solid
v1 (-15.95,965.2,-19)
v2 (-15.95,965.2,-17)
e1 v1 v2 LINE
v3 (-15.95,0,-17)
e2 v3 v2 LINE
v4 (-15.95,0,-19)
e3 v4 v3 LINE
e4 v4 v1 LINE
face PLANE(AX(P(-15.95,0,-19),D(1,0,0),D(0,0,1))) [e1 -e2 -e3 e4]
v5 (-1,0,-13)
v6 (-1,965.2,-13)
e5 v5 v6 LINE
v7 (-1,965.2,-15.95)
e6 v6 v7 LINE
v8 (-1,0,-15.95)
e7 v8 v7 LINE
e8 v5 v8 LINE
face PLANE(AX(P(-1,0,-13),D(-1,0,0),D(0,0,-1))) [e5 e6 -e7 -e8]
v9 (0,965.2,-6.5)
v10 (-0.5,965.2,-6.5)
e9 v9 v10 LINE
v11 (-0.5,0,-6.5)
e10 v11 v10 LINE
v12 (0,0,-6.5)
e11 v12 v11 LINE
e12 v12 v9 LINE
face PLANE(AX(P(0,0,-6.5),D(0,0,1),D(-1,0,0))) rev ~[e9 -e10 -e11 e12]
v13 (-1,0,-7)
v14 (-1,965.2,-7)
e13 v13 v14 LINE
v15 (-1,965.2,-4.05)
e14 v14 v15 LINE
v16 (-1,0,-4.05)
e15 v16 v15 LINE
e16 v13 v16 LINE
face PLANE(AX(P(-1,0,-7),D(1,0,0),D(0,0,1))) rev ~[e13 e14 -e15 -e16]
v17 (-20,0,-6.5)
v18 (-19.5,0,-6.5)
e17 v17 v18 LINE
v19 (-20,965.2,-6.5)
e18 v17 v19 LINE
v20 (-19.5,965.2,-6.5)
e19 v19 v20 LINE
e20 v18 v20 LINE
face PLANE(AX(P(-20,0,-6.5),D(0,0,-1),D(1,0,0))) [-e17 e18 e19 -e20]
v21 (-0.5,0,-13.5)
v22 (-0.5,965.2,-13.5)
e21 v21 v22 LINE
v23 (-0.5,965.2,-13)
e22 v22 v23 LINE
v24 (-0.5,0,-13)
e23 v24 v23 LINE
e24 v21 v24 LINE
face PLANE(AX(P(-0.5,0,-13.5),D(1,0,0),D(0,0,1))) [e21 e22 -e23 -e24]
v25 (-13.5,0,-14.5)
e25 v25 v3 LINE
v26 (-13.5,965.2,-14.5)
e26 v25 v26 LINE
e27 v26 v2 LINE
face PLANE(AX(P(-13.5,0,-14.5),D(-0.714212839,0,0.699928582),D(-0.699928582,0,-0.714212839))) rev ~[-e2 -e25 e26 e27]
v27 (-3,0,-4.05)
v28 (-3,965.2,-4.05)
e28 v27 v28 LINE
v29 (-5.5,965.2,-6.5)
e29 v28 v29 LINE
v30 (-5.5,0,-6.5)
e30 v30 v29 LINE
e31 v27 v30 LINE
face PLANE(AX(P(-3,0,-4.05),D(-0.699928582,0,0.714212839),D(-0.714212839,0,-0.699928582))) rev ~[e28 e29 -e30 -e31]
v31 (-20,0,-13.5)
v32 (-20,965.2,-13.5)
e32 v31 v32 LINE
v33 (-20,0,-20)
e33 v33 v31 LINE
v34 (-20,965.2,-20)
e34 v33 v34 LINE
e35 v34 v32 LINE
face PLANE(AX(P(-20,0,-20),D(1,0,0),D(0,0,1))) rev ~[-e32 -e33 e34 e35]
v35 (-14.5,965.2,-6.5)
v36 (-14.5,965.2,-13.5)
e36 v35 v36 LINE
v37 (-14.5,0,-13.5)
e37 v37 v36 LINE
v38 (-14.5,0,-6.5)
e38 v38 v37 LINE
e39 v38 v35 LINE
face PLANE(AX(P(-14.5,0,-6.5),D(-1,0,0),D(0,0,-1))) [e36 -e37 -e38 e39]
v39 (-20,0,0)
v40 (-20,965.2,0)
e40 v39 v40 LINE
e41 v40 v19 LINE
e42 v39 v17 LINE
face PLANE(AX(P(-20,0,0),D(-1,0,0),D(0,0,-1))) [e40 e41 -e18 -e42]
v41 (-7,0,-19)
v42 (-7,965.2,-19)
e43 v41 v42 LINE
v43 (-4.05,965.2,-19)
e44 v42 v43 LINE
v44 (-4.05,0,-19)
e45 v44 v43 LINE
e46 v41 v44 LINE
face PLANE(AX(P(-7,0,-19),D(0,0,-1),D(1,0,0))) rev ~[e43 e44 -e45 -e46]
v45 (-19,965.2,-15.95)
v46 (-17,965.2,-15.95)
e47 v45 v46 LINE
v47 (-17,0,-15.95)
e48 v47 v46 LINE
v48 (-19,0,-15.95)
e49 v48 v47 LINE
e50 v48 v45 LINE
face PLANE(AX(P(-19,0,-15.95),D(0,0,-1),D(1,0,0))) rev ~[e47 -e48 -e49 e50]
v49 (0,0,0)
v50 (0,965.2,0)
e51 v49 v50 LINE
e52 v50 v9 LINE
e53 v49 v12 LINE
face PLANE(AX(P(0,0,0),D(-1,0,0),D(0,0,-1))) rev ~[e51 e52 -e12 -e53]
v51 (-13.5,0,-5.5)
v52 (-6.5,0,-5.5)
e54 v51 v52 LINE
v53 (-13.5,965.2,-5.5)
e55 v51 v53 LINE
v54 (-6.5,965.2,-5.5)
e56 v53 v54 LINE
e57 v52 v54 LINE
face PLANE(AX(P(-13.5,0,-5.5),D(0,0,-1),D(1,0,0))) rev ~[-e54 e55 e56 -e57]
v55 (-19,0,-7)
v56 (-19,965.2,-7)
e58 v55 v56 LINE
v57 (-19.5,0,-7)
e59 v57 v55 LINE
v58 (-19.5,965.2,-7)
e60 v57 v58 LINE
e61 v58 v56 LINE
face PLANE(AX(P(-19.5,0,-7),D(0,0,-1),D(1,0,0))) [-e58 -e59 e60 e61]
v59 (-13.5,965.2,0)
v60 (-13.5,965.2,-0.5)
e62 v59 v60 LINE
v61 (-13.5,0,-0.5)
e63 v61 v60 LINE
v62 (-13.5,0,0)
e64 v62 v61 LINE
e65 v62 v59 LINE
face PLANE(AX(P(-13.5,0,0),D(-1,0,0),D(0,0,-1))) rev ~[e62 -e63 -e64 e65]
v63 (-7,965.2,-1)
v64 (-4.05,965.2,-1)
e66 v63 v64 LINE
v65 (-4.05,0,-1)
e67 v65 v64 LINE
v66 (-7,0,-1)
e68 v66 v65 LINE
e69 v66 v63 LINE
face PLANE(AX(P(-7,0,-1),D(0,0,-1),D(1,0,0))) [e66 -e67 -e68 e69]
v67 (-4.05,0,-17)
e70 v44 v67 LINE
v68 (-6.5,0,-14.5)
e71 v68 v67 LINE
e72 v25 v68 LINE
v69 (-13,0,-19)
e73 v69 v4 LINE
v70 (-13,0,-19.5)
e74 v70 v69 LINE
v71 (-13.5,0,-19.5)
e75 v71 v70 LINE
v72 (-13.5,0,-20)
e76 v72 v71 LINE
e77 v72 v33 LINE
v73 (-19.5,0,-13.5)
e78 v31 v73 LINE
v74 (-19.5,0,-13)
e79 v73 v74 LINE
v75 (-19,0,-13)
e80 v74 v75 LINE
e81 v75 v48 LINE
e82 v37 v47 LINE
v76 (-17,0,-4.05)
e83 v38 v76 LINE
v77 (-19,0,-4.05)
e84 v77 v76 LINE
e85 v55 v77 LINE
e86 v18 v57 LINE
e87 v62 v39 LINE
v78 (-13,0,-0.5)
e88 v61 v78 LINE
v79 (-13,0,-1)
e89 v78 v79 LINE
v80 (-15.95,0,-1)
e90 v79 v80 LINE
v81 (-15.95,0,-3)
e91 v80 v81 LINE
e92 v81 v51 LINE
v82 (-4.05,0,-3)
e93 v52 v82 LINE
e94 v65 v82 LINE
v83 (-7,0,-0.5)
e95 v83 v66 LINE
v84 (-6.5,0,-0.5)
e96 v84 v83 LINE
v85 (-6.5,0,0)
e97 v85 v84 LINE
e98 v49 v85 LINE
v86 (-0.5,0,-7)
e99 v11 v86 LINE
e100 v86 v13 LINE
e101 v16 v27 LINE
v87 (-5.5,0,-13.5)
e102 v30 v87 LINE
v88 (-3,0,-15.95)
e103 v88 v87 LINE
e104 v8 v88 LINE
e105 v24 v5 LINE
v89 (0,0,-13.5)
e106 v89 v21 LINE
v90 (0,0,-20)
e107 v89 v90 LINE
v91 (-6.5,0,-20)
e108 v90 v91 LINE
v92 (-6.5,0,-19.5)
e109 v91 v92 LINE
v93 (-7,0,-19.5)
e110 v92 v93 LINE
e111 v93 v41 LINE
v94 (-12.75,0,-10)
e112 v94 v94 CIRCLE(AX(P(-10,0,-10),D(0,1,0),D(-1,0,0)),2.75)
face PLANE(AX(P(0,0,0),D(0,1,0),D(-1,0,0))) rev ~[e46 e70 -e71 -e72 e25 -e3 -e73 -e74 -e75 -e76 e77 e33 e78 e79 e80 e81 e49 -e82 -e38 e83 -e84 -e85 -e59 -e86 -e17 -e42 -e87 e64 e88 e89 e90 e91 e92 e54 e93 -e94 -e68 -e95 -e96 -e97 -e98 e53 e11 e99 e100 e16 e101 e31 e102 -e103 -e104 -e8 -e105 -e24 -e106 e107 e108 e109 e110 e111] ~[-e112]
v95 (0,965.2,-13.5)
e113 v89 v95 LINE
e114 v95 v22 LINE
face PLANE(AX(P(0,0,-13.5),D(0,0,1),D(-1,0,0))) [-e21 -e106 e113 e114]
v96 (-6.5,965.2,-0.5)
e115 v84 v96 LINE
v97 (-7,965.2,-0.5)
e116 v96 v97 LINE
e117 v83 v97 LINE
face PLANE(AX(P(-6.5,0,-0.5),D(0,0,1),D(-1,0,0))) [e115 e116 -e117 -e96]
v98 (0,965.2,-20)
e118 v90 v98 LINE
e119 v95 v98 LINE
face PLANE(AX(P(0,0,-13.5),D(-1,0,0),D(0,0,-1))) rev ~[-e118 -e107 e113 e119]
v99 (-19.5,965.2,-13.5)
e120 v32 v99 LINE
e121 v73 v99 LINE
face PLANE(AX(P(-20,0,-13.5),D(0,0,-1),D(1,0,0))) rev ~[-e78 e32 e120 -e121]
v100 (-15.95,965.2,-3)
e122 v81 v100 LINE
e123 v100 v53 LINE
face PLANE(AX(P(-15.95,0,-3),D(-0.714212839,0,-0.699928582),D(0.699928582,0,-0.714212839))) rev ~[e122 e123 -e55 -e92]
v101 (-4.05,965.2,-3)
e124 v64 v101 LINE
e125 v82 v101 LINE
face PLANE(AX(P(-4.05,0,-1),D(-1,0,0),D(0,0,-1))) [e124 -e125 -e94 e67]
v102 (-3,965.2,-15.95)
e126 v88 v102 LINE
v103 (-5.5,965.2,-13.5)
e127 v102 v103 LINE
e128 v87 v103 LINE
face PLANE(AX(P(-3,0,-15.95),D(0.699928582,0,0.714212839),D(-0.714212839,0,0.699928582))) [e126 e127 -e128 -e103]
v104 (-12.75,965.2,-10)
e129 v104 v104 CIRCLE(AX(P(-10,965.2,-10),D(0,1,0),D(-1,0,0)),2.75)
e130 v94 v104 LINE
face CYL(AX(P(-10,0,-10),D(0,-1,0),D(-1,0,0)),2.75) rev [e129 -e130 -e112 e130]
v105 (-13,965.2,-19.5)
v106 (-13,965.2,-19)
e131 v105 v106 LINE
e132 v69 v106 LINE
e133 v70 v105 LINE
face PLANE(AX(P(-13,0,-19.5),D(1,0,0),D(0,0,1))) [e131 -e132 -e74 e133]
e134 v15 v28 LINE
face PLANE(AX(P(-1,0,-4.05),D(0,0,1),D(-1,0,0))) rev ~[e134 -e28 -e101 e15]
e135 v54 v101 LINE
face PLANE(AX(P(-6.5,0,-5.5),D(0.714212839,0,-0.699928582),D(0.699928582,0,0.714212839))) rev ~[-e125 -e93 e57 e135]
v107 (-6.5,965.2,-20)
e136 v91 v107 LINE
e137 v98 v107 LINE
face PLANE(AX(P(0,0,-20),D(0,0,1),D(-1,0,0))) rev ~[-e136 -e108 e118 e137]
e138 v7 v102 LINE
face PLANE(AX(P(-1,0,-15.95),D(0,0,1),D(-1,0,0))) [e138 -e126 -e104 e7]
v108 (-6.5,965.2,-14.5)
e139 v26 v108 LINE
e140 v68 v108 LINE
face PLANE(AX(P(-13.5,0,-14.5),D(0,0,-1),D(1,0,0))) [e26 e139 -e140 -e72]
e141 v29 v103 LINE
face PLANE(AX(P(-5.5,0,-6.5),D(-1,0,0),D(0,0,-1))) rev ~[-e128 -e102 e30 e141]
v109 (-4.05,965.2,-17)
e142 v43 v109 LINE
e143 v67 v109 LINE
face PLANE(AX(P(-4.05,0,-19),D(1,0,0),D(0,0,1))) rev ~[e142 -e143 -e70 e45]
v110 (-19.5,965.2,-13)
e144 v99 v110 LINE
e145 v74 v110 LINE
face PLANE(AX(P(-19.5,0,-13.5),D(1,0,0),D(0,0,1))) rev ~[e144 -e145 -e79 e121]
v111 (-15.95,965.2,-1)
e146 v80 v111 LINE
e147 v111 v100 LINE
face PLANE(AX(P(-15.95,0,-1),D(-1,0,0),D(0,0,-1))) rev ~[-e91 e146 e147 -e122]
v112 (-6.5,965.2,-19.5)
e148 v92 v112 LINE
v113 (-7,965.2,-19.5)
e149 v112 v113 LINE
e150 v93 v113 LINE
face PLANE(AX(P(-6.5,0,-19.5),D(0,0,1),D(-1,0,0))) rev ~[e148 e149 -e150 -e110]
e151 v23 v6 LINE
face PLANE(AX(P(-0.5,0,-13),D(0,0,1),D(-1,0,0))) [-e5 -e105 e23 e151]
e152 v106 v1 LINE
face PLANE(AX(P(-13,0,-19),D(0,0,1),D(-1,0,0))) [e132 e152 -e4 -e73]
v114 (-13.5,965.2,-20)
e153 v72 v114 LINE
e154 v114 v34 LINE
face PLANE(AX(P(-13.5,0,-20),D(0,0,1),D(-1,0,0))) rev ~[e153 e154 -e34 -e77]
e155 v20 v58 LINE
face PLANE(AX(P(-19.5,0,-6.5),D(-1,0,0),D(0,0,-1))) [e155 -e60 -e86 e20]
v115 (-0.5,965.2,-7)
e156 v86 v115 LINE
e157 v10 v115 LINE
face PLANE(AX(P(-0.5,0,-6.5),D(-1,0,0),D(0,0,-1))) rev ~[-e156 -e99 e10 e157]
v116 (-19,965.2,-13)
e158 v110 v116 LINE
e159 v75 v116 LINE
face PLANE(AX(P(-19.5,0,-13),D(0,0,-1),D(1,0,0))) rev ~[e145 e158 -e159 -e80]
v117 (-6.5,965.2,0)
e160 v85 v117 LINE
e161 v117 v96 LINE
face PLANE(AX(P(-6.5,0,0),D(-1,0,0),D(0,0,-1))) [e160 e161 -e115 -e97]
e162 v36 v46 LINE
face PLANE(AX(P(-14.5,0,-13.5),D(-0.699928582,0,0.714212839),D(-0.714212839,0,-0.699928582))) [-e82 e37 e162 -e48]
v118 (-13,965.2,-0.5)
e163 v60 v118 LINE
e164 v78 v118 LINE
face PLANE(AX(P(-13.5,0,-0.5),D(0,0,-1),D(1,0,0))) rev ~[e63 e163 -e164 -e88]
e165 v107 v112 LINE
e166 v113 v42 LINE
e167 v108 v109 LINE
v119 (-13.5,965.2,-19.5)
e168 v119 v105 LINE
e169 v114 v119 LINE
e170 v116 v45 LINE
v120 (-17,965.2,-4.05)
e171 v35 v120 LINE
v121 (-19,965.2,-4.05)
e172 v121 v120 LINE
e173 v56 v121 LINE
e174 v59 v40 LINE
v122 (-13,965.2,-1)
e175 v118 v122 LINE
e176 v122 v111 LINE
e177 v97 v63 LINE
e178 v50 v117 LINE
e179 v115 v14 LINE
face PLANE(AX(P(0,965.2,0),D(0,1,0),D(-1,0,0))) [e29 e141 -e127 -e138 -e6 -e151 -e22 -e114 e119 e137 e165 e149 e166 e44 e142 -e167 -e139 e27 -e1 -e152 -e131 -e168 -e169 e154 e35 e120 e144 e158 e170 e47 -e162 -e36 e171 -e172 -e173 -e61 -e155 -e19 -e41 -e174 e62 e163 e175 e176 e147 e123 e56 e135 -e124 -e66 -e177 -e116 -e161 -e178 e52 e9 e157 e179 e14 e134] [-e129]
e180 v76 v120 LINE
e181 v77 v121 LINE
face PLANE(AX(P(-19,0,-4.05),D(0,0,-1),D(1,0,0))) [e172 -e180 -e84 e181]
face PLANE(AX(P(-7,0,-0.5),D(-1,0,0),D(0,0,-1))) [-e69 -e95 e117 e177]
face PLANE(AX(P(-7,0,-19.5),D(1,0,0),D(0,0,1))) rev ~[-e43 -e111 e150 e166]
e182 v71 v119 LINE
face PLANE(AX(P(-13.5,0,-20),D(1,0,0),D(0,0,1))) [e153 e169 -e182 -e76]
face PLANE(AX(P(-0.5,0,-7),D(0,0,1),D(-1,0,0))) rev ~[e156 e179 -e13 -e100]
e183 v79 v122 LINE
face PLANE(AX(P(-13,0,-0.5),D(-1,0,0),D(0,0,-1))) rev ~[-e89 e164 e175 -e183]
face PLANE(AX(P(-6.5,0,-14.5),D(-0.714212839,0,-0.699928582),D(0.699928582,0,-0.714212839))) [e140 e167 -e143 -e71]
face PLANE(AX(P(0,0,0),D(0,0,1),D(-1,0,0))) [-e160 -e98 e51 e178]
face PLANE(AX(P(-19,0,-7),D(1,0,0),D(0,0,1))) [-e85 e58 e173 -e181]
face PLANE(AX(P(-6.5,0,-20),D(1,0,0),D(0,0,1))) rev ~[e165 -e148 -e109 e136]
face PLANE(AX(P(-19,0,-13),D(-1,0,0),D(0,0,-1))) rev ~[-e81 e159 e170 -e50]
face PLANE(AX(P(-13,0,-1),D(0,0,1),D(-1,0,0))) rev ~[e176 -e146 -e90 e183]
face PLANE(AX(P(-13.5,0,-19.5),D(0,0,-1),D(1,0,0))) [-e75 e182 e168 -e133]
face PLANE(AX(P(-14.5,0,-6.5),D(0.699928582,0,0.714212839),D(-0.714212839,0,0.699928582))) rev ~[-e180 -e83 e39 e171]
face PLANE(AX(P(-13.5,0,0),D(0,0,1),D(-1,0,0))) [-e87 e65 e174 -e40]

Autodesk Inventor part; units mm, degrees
ref_plane "YZ Plane" through (0, 0, 0) normal (1, 0, 0) x (0, 1, 0)
ref_plane "XZ Plane" through (0, 0, 0) normal (0, 1, 0) x (-1, 0, 0)
ref_plane "XY Plane" through (0, 0, 0) normal (0, 0, 1) x (1, 0, 0)
sketch "Sketch1" plane through (0, 0, 0) normal (0, 1, 0) x (-1, 0, 0)
  line L0 (0, 0) -> (0, -6.5)
  line L1 (0, -6.5) -> (0.5, -6.5)
  line L2 (0.5, -6.5) -> (0.5, -7)
  line L3 (0.5, -7) -> (1, -7)
  line L4 (1, -7) -> (1, -4.05)
  line L5 (1, -4.05) -> (3, -4.05)
  line L6 (5.5, -6.5) -> (5.5, -13.5)
  line L7 (0, -13.5) -> (0.5, -13.5)
  line L8 (0.5, -13.5) -> (0.5, -13)
  line L9 (0.5, -13) -> (1, -13)
  line L10 (1, -13) -> (1, -15.95)
  line L11 (1, -15.95) -> (3, -15.95)
  line L12 (3, -15.95) -> (5.5, -13.5)
  line L13 (3, -4.05) -> (5.5, -6.5)
  line L14 (0, -13.5) -> (0, -20)
  line L15 (0, -20) -> (6.5, -20)
  line L16 (6.5, -20) -> (6.5, -19.5)
  line L17 (6.5, -19.5) -> (7, -19.5)
  line L18 (7, -19.5) -> (7, -19)
  line L19 (7, -19) -> (4.05, -19)
  line L20 (4.05, -19) -> (4.05, -17)
  line L21 (0, 0) -> (6.5, 0)
  line L22 (6.5, 0) -> (6.5, -0.5)
  line L23 (6.5, -0.5) -> (7, -0.5)
  line L24 (7, -0.5) -> (7, -1)
  line L25 (7, -1) -> (4.05, -1)
  line L26 (4.05, -1) -> (4.05, -3)
  line L27 (13.5, -20) -> (13.5, -19.5)
  line L28 (13.5, -19.5) -> (13, -19.5)
  line L29 (13, -19.5) -> (13, -19)
  line L30 (13, -19) -> (15.95, -19)
  line L31 (15.95, -19) -> (15.95, -17)
  line L32 (13.5, -14.5) -> (6.5, -14.5)
  line L33 (6.5, -14.5) -> (4.05, -17)
  line L34 (13.5, -14.5) -> (15.95, -17)
  line L35 (13.5, -20) -> (20, -20)
  line L36 (20, -20) -> (20, -13.5)
  line L37 (20, -13.5) -> (19.5, -13.5)
  line L38 (19.5, -13.5) -> (19.5, -13)
  line L39 (19.5, -13) -> (19, -13)
  line L40 (19, -13) -> (19, -15.95)
  line L41 (19, -15.95) -> (17, -15.95)
  line L42 (13.5, 0) -> (13.5, -0.5)
  line L43 (13.5, -0.5) -> (13, -0.5)
  line L44 (13, -0.5) -> (13, -1)
  line L45 (13, -1) -> (15.95, -1)
  line L46 (15.95, -1) -> (15.95, -3)
  line L47 (13.5, 0) -> (20, 0)
  line L48 (20, 0) -> (20, -6.5)
  line L49 (20, -6.5) -> (19.5, -6.5)
  line L50 (19.5, -6.5) -> (19.5, -7)
  line L51 (19.5, -7) -> (19, -7)
  line L52 (19, -7) -> (19, -4.05)
  line L53 (19, -4.05) -> (17, -4.05)
  line L54 (13.5, -5.5) -> (6.5, -5.5)
  line L55 (15.95, -3) -> (13.5, -5.5)
  line L56 (6.5, -5.5) -> (4.05, -3)
  line L57 (14.5, -6.5) -> (14.5, -13.5)
  line L58 (14.5, -13.5) -> (17, -15.95)
  line L59 (14.5, -6.5) -> (17, -4.05)
  circle A0 centre (10, -10) radius 2.75
  dimension "d0" = 6.5
  dimension "d1" = 0.5
  dimension "d2" = 0.5
  dimension "d3" = 0.5
  dimension "d4" = 2.95
  dimension "d5" = 2
  dimension "d6" = 7
  dimension "d7" = 0.5
  dimension "d8" = 2.95
  dimension "d9" = 2
  dimension "d10" = 6.5
  dimension "d11" = 6.5
  dimension "d12" = 0.5
  dimension "d13" = 0.5
  dimension "d14" = 0.5
  dimension "d15" = 2.95
  dimension "d16" = 2
  dimension "d17" = 5.5
  dimension "d18" = 6.5
  dimension "d19" = 0.5
  dimension "d20" = 0.5
  dimension "d21" = 0.5
  dimension "d22" = 2.95
  dimension "d23" = 2
  dimension "d24" = 5.5
  dimension "d25" = 0.5
  dimension "d26" = 0.5
  dimension "d27" = 0.5
  dimension "d28" = 0.5
  dimension "d29" = 2.95
  dimension "d30" = 2
  dimension "d31" = 7
  dimension "d32" = 6.5
  dimension "d33" = 6.5
  dimension "d34" = 0.5
  dimension "d35" = 0.5
  dimension "d36" = 0.5
  dimension "d37" = 2.95
  dimension "d38" = 2
  dimension "d39" = 5.5
  dimension "d40" = 5.5
  dimension "d41" = 0.5
  dimension "d42" = 0.5
  dimension "d43" = 0.5
  dimension "d44" = 2.95
  dimension "d45" = 2
  dimension "d46" = 6.5
  dimension "d47" = 6.5
  dimension "d48" = 0.5
  dimension "d49" = 0.5
  dimension "d50" = 0.5
  dimension "d51" = 2.95
  dimension "d52" = 2
  dimension "d53" = 7
  dimension "d54" = 5.5
  dimension "d55" = 5.5
  dimension "d56" = 5.5
  dimension "d57" = 5.5
  dimension "d58" = 10
  dimension "d59" = 10
extrude "Extrusion1" add sketch "Sketch1" along normal blind 965.2
properties part number "Tslot_2020extrusion_38inch"
